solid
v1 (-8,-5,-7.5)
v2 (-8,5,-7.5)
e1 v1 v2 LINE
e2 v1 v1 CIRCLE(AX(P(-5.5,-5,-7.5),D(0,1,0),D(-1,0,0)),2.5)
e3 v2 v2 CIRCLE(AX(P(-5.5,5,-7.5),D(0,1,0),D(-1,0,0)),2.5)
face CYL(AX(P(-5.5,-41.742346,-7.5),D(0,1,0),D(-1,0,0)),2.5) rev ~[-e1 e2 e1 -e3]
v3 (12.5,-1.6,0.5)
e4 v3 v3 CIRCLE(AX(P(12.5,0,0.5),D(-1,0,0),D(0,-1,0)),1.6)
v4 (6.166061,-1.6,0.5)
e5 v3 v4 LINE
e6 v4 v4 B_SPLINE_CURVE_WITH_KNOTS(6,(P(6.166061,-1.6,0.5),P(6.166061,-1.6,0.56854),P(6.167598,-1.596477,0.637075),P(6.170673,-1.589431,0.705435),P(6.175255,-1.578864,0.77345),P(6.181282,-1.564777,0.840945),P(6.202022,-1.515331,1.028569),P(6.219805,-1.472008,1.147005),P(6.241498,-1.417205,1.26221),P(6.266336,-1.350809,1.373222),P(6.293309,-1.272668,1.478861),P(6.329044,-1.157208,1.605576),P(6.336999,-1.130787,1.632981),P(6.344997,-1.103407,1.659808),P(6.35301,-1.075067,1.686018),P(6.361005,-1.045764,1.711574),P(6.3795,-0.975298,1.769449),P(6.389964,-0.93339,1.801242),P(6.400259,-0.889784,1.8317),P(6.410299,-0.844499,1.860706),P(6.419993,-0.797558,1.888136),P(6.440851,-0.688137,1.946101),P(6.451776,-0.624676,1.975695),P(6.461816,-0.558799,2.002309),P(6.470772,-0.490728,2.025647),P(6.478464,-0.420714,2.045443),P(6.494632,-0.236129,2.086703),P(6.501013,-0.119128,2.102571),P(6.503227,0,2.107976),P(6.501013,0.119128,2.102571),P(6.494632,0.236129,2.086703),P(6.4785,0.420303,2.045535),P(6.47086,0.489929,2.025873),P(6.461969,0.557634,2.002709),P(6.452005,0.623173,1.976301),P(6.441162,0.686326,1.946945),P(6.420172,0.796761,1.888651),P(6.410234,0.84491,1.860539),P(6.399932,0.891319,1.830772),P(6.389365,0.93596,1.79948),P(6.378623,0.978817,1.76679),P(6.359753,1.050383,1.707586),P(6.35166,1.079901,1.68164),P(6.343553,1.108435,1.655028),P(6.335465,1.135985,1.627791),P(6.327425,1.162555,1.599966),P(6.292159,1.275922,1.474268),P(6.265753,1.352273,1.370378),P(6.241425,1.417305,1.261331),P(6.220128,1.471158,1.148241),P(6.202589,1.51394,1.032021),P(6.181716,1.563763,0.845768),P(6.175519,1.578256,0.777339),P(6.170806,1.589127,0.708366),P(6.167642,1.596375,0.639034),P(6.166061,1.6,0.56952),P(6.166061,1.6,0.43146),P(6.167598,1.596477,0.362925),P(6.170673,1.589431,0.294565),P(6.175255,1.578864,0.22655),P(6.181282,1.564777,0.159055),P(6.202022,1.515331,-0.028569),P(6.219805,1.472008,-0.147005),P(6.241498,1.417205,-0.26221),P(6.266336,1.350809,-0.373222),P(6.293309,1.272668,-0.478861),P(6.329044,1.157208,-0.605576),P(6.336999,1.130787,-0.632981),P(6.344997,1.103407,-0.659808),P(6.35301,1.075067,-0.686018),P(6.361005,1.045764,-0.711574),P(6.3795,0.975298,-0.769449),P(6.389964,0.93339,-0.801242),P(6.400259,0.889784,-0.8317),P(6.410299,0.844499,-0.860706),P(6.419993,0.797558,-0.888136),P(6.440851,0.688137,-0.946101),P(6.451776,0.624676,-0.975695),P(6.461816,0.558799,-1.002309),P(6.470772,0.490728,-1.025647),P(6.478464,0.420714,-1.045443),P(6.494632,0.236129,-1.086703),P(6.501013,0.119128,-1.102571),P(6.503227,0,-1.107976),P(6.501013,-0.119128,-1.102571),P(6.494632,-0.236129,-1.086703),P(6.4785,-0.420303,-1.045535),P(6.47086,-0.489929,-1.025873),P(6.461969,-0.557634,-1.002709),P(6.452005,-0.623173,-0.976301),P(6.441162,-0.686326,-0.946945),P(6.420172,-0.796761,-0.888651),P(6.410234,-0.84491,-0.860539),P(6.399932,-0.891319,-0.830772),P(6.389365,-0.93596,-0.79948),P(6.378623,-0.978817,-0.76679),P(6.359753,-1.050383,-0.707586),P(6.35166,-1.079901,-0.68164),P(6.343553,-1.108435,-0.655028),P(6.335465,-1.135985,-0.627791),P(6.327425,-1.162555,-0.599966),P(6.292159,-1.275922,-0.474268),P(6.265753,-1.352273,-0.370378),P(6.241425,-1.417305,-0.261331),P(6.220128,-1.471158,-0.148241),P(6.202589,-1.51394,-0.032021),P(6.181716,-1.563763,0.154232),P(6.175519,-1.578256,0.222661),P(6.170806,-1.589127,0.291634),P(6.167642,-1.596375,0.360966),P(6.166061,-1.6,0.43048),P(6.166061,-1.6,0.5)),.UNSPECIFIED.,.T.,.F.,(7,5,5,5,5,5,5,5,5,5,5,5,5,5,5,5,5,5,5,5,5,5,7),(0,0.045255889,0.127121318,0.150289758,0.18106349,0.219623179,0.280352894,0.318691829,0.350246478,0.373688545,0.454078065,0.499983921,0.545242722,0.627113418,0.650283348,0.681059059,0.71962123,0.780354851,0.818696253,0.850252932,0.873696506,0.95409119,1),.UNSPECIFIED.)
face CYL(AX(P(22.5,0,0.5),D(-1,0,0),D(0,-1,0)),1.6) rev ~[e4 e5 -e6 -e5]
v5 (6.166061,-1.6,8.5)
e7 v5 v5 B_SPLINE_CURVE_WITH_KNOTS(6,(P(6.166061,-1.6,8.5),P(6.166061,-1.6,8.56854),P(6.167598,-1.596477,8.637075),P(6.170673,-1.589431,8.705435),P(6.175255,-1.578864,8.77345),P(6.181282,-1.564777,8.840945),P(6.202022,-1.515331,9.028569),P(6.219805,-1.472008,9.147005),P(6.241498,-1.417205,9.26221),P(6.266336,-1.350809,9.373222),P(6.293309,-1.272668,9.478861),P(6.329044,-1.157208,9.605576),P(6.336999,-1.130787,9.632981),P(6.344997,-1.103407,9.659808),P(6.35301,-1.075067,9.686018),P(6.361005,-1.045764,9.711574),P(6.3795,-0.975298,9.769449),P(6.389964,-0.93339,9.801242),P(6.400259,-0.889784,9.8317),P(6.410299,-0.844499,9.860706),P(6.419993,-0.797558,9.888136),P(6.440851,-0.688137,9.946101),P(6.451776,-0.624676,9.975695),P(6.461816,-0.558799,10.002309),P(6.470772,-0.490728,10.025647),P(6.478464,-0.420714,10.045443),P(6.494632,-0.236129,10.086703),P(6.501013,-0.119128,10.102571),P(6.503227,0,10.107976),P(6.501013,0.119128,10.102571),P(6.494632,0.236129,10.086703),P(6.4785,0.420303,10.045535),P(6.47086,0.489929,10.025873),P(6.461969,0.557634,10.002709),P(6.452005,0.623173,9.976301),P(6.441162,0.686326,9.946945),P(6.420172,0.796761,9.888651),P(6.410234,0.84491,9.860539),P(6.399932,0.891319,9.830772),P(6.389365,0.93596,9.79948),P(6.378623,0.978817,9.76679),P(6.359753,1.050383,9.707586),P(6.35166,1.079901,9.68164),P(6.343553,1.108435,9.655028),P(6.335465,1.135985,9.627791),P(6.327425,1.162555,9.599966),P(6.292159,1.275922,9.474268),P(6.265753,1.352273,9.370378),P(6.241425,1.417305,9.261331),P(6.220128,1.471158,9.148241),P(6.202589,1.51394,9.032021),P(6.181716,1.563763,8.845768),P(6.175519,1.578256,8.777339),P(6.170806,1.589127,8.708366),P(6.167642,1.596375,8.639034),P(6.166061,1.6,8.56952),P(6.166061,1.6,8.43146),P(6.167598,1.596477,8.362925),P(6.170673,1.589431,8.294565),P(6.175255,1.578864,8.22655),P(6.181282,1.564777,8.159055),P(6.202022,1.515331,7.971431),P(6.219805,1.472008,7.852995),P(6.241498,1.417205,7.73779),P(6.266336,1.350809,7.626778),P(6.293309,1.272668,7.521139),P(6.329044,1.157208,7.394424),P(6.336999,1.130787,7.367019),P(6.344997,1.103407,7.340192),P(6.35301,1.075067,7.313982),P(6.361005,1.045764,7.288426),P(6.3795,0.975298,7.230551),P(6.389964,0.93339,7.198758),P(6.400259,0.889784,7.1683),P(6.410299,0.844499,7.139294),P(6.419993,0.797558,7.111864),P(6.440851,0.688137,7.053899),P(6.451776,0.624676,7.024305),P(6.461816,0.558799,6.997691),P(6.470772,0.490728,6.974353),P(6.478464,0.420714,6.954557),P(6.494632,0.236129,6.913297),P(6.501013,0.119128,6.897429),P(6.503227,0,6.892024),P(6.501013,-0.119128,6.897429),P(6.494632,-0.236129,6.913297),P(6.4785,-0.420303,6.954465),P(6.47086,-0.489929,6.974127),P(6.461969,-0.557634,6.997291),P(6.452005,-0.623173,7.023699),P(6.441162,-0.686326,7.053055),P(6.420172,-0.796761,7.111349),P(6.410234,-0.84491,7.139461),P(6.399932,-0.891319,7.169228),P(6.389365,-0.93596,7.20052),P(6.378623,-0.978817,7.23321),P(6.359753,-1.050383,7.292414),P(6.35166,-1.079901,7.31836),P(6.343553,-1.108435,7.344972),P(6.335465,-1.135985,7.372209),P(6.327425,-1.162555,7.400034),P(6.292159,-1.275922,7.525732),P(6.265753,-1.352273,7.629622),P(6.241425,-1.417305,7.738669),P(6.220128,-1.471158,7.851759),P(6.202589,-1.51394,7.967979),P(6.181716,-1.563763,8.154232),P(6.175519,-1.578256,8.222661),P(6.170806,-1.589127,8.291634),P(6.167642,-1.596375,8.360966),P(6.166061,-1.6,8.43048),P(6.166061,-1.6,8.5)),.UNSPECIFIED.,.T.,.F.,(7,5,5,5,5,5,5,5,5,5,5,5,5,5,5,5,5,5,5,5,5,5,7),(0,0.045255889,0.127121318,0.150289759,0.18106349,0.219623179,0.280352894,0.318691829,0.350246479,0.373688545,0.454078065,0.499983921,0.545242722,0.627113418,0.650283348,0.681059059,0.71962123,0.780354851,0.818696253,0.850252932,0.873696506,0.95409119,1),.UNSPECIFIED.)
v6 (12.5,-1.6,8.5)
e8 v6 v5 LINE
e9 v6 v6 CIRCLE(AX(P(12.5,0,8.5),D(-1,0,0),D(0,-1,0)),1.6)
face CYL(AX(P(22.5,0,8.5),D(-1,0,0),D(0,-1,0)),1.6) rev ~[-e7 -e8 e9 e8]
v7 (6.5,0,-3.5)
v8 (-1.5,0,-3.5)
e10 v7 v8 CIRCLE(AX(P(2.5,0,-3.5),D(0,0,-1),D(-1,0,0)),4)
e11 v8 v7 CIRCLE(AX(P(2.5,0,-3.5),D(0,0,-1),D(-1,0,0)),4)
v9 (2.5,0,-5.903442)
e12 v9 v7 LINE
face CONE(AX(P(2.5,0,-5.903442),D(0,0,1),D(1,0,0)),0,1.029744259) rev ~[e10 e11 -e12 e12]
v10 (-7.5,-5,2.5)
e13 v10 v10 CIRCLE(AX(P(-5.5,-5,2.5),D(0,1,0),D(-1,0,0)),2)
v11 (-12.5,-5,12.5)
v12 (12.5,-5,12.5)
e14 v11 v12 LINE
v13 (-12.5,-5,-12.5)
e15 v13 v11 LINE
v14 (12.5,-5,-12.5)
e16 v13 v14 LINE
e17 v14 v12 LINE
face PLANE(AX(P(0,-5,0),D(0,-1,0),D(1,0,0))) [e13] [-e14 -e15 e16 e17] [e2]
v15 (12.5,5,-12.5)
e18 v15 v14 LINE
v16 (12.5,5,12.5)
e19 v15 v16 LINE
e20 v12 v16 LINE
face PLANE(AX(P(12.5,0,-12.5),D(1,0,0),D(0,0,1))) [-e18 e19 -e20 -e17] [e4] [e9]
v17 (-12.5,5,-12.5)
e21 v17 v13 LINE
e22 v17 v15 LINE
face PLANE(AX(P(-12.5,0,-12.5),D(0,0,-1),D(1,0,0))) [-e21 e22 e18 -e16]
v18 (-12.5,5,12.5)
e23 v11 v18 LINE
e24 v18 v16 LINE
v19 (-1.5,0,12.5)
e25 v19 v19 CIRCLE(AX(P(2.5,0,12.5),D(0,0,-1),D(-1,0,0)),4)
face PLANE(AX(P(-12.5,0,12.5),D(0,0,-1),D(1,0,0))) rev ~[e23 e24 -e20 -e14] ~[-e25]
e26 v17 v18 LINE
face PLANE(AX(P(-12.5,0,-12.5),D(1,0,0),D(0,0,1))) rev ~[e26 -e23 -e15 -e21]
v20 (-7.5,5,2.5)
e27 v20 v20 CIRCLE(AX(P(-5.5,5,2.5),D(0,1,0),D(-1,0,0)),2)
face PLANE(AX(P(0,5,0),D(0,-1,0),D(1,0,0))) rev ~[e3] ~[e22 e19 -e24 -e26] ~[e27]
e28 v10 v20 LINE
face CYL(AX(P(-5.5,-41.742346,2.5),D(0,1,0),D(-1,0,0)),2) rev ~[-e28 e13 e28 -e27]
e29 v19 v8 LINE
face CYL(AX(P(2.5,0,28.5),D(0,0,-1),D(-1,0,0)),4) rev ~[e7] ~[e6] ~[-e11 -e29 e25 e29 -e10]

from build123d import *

# Parameters (mm, degrees)
F0_W     = 25
F0_H     = 25
F1_DEPTH = 5
F3_D     = 4
F4_D     = 5
F6_D     = 8
F6_DEPTH = 16
F6_TIP   = 2.4034424761
F8_D     = 3.2
F8_DEPTH = 10
F8_TIP   = 0.9613769904


with BuildPart() as f1:
    # F0 (on Front) → F1 (new body, symmetric)
    with BuildSketch(Plane.XZ):
        Rectangle(F0_W, F0_H)
    extrude(amount=F1_DEPTH, both=True)

    # F3 (through all)
    with Locations(Plane.XZ.offset(5)):
        with Locations((-5.5, 2.5)):
            Hole(F3_D / 2)

    # F4 (through all)
    with Locations(Plane.XZ.offset(5)):
        with Locations((-5.5, -7.5)):
            Hole(F4_D / 2)

    # F6
    with Locations(Plane.XY.offset(12.5)):
        with Locations((2.5, 0)):
            Hole(F6_D / 2, depth=F6_DEPTH)
            with Locations((0, 0, -(F6_DEPTH + F6_TIP / 2))):  # 118° drill point
                Cone(0, F6_D / 2, F6_TIP, mode=Mode.SUBTRACT)

    # F8
    with Locations(Plane.YZ.offset(12.5)):
        with Locations((0, 8.5), (0, 0.5)):
            Hole(F8_D / 2, depth=F8_DEPTH)
            with Locations((0, 0, -(F8_DEPTH + F8_TIP / 2))):  # 118° drill point
                Cone(0, F8_D / 2, F8_TIP, mode=Mode.SUBTRACT)


solid = f1.part
